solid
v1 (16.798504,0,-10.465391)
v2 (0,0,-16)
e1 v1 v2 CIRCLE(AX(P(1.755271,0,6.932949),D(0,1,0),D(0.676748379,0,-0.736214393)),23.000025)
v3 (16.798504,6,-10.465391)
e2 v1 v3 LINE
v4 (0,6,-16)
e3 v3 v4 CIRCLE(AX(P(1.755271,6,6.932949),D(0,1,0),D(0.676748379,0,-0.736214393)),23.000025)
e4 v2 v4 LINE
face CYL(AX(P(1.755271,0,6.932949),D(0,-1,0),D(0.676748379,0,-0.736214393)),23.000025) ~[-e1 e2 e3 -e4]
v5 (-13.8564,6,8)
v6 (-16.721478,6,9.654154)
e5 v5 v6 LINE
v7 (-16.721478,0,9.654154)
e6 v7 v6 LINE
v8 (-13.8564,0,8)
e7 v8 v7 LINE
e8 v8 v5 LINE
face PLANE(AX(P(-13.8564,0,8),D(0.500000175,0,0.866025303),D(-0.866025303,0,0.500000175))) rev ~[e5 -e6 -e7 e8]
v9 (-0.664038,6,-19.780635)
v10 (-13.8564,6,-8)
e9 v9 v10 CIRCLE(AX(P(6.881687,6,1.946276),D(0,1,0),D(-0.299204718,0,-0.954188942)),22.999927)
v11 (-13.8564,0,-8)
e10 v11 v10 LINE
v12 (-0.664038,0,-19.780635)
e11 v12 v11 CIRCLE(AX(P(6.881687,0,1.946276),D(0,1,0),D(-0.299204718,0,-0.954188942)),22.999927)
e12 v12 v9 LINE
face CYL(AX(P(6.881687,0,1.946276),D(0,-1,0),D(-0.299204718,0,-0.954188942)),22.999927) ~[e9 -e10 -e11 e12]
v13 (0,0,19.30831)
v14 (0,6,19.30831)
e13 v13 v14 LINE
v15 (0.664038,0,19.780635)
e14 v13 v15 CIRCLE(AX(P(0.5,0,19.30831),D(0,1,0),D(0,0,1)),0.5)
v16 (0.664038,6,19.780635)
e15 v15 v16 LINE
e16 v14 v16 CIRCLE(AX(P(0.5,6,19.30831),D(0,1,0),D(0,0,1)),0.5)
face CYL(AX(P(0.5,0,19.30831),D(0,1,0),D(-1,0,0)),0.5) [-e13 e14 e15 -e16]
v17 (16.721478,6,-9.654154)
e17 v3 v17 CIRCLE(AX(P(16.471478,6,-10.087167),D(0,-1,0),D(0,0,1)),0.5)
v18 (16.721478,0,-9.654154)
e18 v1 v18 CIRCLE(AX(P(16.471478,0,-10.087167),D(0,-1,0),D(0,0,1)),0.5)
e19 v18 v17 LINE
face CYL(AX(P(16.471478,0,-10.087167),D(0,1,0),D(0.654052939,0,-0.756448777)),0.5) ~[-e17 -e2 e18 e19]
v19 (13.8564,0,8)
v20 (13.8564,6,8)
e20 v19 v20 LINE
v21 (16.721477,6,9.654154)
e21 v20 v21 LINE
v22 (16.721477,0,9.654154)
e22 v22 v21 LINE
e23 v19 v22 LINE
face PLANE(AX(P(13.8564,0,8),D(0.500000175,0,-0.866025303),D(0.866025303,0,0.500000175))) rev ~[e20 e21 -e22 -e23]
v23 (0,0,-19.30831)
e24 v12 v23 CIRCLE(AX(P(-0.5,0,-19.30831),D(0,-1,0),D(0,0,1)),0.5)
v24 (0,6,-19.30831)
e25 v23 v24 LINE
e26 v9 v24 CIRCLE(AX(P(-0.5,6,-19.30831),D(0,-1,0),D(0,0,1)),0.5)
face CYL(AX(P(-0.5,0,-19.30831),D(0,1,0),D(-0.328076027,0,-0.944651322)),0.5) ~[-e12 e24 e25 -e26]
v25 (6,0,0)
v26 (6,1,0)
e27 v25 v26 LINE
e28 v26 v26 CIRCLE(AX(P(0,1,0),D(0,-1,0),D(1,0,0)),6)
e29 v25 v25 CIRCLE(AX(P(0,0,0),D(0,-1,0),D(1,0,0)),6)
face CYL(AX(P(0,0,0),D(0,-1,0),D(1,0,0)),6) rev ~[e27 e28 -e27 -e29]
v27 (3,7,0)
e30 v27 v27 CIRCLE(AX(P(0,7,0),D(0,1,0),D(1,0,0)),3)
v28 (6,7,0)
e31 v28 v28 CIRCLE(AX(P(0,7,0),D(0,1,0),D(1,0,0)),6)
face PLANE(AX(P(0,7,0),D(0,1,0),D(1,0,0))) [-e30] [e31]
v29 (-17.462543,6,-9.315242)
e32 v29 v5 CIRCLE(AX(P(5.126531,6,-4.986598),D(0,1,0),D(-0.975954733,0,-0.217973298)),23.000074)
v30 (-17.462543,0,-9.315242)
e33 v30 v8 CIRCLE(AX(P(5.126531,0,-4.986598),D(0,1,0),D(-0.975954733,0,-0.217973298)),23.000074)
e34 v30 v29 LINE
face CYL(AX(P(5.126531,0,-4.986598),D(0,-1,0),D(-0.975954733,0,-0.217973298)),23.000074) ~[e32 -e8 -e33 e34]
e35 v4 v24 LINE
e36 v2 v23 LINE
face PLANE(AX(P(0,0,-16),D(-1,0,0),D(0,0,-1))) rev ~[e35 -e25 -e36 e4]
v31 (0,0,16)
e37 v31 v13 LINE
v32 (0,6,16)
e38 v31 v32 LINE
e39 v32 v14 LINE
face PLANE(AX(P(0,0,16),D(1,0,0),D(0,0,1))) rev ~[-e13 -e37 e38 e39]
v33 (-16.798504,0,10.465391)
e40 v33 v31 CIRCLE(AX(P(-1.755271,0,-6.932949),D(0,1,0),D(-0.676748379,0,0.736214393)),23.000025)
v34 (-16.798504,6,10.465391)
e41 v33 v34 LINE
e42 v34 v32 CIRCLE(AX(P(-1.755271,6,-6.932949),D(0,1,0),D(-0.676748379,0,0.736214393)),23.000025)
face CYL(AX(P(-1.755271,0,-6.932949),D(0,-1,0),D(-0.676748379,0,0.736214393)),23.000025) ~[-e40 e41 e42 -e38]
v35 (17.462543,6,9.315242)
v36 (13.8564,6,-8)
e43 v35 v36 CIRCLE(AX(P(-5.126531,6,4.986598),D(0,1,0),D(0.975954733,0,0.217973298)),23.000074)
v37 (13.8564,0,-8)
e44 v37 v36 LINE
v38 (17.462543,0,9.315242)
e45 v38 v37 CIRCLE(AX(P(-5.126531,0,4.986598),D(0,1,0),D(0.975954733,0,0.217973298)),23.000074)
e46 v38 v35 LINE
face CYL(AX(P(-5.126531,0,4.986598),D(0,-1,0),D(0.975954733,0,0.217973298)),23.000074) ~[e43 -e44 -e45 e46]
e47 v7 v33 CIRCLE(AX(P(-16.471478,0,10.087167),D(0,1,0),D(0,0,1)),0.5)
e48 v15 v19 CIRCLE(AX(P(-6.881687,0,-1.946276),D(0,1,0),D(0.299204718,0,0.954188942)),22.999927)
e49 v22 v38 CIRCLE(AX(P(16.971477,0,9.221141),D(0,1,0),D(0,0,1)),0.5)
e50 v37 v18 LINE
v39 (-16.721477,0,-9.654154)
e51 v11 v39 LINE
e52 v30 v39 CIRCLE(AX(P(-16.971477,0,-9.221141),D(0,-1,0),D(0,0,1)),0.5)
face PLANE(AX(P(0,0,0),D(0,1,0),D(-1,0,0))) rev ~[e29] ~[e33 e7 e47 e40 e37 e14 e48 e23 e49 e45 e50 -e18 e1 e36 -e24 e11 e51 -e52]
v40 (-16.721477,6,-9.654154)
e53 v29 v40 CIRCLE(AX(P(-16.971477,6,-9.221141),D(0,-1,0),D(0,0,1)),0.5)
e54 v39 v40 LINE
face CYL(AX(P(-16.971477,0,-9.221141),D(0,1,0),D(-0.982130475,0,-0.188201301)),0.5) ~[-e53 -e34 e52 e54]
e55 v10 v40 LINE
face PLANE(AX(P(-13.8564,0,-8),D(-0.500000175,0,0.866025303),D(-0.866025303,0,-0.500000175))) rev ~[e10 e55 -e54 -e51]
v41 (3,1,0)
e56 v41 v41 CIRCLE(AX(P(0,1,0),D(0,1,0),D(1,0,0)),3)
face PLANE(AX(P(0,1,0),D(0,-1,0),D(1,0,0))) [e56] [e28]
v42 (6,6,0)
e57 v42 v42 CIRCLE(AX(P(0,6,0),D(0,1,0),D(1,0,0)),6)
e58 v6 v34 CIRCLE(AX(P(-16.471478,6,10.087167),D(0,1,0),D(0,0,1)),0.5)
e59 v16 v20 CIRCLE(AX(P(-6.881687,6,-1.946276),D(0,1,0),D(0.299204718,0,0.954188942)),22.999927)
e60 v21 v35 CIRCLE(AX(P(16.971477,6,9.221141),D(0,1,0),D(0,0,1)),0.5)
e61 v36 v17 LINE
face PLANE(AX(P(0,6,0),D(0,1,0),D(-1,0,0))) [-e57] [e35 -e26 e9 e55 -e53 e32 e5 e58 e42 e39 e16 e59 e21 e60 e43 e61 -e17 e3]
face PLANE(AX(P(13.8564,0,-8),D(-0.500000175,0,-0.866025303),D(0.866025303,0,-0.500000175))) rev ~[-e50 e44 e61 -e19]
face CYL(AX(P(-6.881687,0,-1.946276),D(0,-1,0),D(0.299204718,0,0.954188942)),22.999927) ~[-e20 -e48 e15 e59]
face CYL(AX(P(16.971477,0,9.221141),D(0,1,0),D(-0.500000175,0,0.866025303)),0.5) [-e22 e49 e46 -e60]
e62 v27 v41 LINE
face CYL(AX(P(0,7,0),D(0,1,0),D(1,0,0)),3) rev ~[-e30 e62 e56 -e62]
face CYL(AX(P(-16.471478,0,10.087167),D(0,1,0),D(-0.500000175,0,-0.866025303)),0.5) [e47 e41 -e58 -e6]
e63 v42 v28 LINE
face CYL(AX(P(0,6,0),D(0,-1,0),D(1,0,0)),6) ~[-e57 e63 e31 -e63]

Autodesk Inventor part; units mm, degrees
ref_plane "YZ Plane" through (0, 0, 0) normal (1, 0, 0) x (0, 1, 0)
ref_plane "XZ Plane" through (0, 0, 0) normal (0, 1, 0) x (-1, 0, 0)
ref_plane "XY Plane" through (0, 0, 0) normal (0, 0, 1) x (1, 0, 0)
sketch "Szkic1" plane through (0, 0, 0) normal (0, 1, 0) x (-1, 0, 0)
  circle A0 centre (0, 0) radius 20
  circle A1 centre (0, 0) radius 16
  line L0 (0, 0) -> (-17.3205, -10)
  line L1 (0, 0) -> (20, 0) construction
  line L2 (0, 0) -> (-17.3205, 10)
  line L3 (0, 0) -> (20, 0) construction
  line L4 (0, 0) -> (0, 20)
  line L5 (0, 0) -> (20, 0) construction
  line L6 (0, 0) -> (17.3205, 10)
  line L7 (0, 0) -> (17.3205, -10)
  line L8 (0, 0) -> (0, -20)
  line L9 (0, -20) -> (13.8564, -8)
  line L10 (17.3205, -10) -> (13.8564, 8)
  line L11 (17.3205, 10) -> (0, 16)
  line L12 (0, 20) -> (-13.8564, 8)
  line L13 (-17.3205, 10) -> (-13.8564, -8)
  line L14 (-17.3205, -10) -> (0, -16)
  line L15 (0, -20) -> (0, -16)
  line L16 (17.3205, -10) -> (13.8564, -8)
  line L17 (17.3205, 10) -> (13.8564, 8)
  line L18 (0, 16) -> (0, 20)
  arc A2 (-17.3205, -10) -> (0, -16) centre (-1.7553, 6.9329) ccw
  arc A3 (0, -20) -> (13.8564, -8) centre (-6.8817, 1.9463) ccw
  arc A4 (17.3205, -10) -> (13.8564, 8) centre (-5.1264, -4.9866) ccw
  arc A5 (17.3205, 10) -> (0, 16) centre (1.7553, -6.9329) ccw
  arc A6 (-17.3205, 10) -> (-13.8564, -8) centre (5.1264, 4.9866) ccw
  arc A7 (0, 20) -> (-13.8564, 8) centre (6.8817, -1.9463) ccw
  dimension "d0" = 40
  dimension "d1" = 32
  dimension "d2" = 150
  dimension "d3" = 150
  dimension "d4" = 90
  dimension "d5" = 23
  dimension "d6" = 23
  dimension "d7" = 23
  dimension "d8" = 23
  dimension "d9" = 23
  dimension "d10" = 23
extrude "Wyciągnięcie proste1" add sketch "Szkic1" along normal blind 6 contours L6 A1 L11 | L11 A1 A5 | L7 A1 L10 | L10 A1 A4 | L4 A1 L12 | L12 A1 A7 | L6 L4 L11 A1 | L10 A1 L7 L6 | A1 L10 | L11 A1 | L4 L2 L12 A1 | L8 A1 L9 | L9 A1 A3 | L9 A1 L8 L7 | A1 L9 | L2 A1 L13 | L13 A1 A6 | L12 A1 | L2 L0 L13 A1 | L8 L14 A1 L0 | L0 A1 L14 | L14 A1 A2 | A1 L14 | L13 A1
fillet "Zaokrąglenie1" radius 0.5 6 edges at (0, 3, -20) (17.3205, 3, -10) (17.3205, 3, 10) (0, 3, 20) (-17.3205, 3, 10) (-17.3205, 3, -10)
sketch "Szkic2" plane through (0, 6, 0) normal (0, 1, 0) x (1, 0, 0)
  circle A0 centre (0, 0) radius 6
  dimension "d14" = 12
extrude "Wyciągnięcie proste2" add sketch "Szkic2" along normal blind 1
sketch "Szkic3" plane through (0, 0, 0) normal (0, -1, 0) x (1, 0, 0)
  circle A0 centre (0, 0) radius 6
  dimension "d17" = 12
extrude "Wyciągnięcie proste3" cut sketch "Szkic3" against normal blind 1
sketch "Szkic4" plane through (0, 7, 0) normal (0, 1, 0) x (1, 0, 0)
  circle A0 centre (0, 0) radius 3
  dimension "d20" = 6
extrude "Wyciągnięcie proste4" cut sketch "Szkic4" against normal blind 6
